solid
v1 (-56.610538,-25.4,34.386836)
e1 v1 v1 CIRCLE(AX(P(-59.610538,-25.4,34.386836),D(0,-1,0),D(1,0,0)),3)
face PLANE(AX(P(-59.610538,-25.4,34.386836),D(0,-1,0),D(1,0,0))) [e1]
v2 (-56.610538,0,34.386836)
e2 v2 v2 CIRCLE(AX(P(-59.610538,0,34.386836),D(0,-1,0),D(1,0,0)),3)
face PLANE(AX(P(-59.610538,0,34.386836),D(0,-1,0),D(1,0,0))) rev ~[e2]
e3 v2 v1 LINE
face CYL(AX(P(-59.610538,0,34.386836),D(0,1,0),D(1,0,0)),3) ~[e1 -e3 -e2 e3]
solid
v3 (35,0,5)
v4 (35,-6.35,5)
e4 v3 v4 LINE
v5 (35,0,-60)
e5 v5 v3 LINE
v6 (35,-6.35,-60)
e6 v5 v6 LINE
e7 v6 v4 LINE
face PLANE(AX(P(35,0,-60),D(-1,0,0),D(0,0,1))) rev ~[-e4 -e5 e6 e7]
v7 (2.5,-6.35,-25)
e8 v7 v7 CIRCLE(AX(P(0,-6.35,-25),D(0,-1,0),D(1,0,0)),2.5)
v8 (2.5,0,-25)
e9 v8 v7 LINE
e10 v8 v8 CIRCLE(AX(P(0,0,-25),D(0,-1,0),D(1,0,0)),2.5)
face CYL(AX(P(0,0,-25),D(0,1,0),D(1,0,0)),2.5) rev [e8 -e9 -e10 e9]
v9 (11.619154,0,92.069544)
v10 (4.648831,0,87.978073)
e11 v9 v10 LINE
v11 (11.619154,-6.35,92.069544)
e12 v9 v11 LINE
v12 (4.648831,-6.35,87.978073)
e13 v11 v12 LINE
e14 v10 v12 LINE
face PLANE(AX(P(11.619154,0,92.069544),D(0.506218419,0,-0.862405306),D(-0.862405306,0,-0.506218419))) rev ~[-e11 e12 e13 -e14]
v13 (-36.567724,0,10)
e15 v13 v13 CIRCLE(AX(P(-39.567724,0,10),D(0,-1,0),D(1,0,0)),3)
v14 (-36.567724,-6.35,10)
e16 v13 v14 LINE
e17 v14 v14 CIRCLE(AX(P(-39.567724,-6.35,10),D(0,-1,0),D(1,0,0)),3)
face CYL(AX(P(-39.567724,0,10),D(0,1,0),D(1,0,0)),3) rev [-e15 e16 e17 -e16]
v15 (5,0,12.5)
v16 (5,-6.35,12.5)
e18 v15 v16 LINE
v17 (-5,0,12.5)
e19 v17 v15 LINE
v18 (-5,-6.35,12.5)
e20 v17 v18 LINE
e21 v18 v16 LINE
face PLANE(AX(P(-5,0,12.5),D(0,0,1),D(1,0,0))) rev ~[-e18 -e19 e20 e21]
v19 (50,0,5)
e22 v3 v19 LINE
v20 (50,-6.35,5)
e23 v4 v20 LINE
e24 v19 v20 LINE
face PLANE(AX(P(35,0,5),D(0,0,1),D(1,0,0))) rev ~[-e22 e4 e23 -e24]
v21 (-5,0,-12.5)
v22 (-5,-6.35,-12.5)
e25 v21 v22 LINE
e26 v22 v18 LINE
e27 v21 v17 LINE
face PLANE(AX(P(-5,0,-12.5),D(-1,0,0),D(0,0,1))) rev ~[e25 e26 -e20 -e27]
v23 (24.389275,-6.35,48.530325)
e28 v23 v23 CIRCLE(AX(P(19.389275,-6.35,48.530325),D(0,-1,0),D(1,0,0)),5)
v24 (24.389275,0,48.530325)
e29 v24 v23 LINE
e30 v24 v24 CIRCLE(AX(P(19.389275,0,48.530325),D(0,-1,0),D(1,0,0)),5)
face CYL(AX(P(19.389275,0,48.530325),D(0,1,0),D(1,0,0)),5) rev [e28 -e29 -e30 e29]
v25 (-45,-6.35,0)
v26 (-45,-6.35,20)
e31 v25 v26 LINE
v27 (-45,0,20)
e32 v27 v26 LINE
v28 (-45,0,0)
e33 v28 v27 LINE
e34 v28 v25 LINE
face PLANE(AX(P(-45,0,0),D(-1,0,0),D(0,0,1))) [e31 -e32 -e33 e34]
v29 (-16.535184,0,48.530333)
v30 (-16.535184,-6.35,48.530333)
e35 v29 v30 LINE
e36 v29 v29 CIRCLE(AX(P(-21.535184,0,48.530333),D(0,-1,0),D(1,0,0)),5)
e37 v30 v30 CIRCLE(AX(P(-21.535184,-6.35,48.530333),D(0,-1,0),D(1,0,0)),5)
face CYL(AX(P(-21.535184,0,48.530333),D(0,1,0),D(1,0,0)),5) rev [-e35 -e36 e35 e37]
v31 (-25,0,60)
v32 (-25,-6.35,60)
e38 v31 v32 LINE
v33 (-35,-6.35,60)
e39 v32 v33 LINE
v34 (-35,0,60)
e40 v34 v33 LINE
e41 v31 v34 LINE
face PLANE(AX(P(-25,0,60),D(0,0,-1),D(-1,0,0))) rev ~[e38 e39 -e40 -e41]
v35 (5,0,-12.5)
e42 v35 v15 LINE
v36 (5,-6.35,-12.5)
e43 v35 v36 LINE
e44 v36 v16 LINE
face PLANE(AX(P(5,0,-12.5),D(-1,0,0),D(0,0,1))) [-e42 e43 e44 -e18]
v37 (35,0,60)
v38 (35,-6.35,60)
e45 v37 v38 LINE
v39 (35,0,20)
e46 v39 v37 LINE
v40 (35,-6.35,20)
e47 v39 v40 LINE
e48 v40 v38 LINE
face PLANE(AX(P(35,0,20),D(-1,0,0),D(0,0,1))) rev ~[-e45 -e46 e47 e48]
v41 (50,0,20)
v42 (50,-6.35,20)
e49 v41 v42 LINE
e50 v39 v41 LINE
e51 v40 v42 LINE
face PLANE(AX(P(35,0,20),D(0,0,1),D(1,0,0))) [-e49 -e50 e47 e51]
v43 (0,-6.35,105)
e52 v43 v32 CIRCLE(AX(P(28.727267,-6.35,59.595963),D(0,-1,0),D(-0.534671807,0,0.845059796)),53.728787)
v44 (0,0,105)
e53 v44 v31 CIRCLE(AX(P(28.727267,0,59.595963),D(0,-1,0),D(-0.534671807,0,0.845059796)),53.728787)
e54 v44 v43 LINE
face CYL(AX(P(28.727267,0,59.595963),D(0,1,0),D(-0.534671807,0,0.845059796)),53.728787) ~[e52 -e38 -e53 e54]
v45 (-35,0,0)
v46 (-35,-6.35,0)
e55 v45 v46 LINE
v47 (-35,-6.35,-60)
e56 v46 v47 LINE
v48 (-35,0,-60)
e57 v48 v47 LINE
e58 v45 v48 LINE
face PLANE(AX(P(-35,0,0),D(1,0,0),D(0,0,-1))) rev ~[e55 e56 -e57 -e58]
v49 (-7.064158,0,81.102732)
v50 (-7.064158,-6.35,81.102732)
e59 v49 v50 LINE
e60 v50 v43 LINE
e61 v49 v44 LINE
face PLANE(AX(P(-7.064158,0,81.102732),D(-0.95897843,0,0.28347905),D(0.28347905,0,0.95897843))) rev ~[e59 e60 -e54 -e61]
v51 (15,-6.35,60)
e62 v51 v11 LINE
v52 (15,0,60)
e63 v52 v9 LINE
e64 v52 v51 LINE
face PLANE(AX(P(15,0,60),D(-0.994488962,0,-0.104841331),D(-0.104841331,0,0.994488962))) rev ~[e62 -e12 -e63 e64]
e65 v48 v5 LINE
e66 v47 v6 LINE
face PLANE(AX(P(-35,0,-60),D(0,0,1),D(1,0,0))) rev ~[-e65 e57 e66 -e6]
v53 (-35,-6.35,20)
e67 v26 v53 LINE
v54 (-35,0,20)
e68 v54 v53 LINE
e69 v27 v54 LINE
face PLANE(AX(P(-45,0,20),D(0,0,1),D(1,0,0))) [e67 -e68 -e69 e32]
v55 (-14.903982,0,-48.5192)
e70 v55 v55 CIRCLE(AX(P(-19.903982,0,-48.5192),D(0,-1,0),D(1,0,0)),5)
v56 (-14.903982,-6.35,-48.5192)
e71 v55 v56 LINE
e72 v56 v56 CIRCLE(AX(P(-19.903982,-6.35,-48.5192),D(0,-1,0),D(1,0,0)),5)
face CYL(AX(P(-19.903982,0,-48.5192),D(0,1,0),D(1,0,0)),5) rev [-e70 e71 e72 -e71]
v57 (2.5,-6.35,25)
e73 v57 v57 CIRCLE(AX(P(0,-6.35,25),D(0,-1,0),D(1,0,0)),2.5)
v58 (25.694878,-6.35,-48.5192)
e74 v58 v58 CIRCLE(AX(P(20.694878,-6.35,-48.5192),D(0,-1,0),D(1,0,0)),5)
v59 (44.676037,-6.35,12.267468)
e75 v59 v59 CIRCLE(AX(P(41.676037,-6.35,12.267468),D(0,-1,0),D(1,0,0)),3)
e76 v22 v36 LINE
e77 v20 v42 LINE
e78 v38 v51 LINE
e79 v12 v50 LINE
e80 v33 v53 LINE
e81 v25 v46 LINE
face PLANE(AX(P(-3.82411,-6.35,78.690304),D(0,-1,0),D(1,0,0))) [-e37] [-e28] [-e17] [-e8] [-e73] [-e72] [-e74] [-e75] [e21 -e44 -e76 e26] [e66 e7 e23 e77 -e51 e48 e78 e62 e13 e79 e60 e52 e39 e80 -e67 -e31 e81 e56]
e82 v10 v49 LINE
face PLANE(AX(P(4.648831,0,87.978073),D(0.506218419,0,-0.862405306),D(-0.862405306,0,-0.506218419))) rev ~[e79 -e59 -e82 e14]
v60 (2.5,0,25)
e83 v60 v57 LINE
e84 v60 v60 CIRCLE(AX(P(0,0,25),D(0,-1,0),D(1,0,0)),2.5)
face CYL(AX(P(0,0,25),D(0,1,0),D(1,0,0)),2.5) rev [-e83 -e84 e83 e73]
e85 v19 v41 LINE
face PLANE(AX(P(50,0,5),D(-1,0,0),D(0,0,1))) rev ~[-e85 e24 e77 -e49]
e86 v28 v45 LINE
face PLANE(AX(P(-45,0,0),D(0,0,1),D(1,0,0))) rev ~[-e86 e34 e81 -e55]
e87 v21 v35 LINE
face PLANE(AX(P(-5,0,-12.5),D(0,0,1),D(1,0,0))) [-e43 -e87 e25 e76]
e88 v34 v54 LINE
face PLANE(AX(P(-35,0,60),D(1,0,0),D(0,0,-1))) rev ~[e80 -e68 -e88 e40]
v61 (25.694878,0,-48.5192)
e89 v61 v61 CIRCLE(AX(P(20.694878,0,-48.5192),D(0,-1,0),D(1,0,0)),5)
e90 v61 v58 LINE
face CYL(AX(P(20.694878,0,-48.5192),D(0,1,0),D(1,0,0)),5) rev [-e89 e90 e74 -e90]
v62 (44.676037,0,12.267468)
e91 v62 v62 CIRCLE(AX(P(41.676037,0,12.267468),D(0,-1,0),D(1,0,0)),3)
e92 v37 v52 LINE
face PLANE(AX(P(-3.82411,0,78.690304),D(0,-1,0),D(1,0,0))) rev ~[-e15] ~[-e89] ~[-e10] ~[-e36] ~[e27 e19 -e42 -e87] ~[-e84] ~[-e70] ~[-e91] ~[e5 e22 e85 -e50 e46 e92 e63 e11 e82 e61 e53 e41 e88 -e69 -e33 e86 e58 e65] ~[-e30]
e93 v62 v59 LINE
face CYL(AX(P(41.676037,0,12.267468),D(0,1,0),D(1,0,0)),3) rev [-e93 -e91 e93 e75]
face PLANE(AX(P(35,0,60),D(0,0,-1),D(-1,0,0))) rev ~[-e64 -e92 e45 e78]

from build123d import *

# Parameters (mm, degrees)
F0_R     = 5
F0_R_2   = 2.5
F0_W     = 10
F0_H     = 25
F0_H_2   = 20
F0_R_3   = 3
F0_W_2   = 15
F0_H_3   = 15
F1_DEPTH = 6.35
F2_DEPTH = 25.4


with BuildPart() as f1:
    # F0 (on Front) → F1 (new body)
    with BuildSketch(Plane.XZ):
        with BuildLine():
            Line((-25, 60), (15, 60))
            Line((15, 60), (11.6191543639, 92.0695438981))
            Line((11.6191543639, 92.0695438981), (4.6488310281, 87.9780731748))
            Line((4.6488310281, 87.9780731748), (-7.0641576312, 81.1027321219))
            Line((-7.0641576312, 81.1027321219), (0, 105))
            ThreePointArc((0, 105), (-18.2401423346, 85.6889679637), (-25, 60))
        make_face()
        Polygon((-35, -60), (35, -60), (35, 5), (35, 20), (35, 60), (15, 60), (-25, 60), (-35, 60), (-35, 20), (-35, 0), align=None)
        with Locations((-19.903981709, -48.5192)):
            Circle(F0_R, mode=Mode.SUBTRACT)
        with Locations((20.6948780242, -48.5192)):
            Circle(F0_R, mode=Mode.SUBTRACT)
        with Locations((0, -25)):
            Circle(F0_R_2, mode=Mode.SUBTRACT)
        Rectangle(F0_W, F0_H, mode=Mode.SUBTRACT)
        with Locations((-21.5351842344, 48.5303327441)):
            Circle(F0_R, mode=Mode.SUBTRACT)
        with Locations((0, 25)):
            Circle(F0_R_2, mode=Mode.SUBTRACT)
        with Locations((19.3892753698, 48.5303252)):
            Circle(F0_R, mode=Mode.SUBTRACT)
        with Locations((-40, 10)):
            Rectangle(F0_W, F0_H_2)
        with Locations((-39.5677238703, 10)):
            Circle(F0_R_3, mode=Mode.SUBTRACT)
        with Locations((42.5, 12.5)):
            Rectangle(F0_W_2, F0_H_3)
        with Locations((41.6760370135, 12.2674684972)):
            Circle(F0_R_3, mode=Mode.SUBTRACT)
    extrude(amount=F1_DEPTH)


with BuildPart() as f2:
    # F0 (on Front) → F2 (new body)
    with BuildSketch(Plane.XZ):
        with Locations((-59.6105381846, 34.3868359923)):
            Circle(F0_R_3)
    extrude(amount=F2_DEPTH)


solid = Compound([f1.part, f2.part])
